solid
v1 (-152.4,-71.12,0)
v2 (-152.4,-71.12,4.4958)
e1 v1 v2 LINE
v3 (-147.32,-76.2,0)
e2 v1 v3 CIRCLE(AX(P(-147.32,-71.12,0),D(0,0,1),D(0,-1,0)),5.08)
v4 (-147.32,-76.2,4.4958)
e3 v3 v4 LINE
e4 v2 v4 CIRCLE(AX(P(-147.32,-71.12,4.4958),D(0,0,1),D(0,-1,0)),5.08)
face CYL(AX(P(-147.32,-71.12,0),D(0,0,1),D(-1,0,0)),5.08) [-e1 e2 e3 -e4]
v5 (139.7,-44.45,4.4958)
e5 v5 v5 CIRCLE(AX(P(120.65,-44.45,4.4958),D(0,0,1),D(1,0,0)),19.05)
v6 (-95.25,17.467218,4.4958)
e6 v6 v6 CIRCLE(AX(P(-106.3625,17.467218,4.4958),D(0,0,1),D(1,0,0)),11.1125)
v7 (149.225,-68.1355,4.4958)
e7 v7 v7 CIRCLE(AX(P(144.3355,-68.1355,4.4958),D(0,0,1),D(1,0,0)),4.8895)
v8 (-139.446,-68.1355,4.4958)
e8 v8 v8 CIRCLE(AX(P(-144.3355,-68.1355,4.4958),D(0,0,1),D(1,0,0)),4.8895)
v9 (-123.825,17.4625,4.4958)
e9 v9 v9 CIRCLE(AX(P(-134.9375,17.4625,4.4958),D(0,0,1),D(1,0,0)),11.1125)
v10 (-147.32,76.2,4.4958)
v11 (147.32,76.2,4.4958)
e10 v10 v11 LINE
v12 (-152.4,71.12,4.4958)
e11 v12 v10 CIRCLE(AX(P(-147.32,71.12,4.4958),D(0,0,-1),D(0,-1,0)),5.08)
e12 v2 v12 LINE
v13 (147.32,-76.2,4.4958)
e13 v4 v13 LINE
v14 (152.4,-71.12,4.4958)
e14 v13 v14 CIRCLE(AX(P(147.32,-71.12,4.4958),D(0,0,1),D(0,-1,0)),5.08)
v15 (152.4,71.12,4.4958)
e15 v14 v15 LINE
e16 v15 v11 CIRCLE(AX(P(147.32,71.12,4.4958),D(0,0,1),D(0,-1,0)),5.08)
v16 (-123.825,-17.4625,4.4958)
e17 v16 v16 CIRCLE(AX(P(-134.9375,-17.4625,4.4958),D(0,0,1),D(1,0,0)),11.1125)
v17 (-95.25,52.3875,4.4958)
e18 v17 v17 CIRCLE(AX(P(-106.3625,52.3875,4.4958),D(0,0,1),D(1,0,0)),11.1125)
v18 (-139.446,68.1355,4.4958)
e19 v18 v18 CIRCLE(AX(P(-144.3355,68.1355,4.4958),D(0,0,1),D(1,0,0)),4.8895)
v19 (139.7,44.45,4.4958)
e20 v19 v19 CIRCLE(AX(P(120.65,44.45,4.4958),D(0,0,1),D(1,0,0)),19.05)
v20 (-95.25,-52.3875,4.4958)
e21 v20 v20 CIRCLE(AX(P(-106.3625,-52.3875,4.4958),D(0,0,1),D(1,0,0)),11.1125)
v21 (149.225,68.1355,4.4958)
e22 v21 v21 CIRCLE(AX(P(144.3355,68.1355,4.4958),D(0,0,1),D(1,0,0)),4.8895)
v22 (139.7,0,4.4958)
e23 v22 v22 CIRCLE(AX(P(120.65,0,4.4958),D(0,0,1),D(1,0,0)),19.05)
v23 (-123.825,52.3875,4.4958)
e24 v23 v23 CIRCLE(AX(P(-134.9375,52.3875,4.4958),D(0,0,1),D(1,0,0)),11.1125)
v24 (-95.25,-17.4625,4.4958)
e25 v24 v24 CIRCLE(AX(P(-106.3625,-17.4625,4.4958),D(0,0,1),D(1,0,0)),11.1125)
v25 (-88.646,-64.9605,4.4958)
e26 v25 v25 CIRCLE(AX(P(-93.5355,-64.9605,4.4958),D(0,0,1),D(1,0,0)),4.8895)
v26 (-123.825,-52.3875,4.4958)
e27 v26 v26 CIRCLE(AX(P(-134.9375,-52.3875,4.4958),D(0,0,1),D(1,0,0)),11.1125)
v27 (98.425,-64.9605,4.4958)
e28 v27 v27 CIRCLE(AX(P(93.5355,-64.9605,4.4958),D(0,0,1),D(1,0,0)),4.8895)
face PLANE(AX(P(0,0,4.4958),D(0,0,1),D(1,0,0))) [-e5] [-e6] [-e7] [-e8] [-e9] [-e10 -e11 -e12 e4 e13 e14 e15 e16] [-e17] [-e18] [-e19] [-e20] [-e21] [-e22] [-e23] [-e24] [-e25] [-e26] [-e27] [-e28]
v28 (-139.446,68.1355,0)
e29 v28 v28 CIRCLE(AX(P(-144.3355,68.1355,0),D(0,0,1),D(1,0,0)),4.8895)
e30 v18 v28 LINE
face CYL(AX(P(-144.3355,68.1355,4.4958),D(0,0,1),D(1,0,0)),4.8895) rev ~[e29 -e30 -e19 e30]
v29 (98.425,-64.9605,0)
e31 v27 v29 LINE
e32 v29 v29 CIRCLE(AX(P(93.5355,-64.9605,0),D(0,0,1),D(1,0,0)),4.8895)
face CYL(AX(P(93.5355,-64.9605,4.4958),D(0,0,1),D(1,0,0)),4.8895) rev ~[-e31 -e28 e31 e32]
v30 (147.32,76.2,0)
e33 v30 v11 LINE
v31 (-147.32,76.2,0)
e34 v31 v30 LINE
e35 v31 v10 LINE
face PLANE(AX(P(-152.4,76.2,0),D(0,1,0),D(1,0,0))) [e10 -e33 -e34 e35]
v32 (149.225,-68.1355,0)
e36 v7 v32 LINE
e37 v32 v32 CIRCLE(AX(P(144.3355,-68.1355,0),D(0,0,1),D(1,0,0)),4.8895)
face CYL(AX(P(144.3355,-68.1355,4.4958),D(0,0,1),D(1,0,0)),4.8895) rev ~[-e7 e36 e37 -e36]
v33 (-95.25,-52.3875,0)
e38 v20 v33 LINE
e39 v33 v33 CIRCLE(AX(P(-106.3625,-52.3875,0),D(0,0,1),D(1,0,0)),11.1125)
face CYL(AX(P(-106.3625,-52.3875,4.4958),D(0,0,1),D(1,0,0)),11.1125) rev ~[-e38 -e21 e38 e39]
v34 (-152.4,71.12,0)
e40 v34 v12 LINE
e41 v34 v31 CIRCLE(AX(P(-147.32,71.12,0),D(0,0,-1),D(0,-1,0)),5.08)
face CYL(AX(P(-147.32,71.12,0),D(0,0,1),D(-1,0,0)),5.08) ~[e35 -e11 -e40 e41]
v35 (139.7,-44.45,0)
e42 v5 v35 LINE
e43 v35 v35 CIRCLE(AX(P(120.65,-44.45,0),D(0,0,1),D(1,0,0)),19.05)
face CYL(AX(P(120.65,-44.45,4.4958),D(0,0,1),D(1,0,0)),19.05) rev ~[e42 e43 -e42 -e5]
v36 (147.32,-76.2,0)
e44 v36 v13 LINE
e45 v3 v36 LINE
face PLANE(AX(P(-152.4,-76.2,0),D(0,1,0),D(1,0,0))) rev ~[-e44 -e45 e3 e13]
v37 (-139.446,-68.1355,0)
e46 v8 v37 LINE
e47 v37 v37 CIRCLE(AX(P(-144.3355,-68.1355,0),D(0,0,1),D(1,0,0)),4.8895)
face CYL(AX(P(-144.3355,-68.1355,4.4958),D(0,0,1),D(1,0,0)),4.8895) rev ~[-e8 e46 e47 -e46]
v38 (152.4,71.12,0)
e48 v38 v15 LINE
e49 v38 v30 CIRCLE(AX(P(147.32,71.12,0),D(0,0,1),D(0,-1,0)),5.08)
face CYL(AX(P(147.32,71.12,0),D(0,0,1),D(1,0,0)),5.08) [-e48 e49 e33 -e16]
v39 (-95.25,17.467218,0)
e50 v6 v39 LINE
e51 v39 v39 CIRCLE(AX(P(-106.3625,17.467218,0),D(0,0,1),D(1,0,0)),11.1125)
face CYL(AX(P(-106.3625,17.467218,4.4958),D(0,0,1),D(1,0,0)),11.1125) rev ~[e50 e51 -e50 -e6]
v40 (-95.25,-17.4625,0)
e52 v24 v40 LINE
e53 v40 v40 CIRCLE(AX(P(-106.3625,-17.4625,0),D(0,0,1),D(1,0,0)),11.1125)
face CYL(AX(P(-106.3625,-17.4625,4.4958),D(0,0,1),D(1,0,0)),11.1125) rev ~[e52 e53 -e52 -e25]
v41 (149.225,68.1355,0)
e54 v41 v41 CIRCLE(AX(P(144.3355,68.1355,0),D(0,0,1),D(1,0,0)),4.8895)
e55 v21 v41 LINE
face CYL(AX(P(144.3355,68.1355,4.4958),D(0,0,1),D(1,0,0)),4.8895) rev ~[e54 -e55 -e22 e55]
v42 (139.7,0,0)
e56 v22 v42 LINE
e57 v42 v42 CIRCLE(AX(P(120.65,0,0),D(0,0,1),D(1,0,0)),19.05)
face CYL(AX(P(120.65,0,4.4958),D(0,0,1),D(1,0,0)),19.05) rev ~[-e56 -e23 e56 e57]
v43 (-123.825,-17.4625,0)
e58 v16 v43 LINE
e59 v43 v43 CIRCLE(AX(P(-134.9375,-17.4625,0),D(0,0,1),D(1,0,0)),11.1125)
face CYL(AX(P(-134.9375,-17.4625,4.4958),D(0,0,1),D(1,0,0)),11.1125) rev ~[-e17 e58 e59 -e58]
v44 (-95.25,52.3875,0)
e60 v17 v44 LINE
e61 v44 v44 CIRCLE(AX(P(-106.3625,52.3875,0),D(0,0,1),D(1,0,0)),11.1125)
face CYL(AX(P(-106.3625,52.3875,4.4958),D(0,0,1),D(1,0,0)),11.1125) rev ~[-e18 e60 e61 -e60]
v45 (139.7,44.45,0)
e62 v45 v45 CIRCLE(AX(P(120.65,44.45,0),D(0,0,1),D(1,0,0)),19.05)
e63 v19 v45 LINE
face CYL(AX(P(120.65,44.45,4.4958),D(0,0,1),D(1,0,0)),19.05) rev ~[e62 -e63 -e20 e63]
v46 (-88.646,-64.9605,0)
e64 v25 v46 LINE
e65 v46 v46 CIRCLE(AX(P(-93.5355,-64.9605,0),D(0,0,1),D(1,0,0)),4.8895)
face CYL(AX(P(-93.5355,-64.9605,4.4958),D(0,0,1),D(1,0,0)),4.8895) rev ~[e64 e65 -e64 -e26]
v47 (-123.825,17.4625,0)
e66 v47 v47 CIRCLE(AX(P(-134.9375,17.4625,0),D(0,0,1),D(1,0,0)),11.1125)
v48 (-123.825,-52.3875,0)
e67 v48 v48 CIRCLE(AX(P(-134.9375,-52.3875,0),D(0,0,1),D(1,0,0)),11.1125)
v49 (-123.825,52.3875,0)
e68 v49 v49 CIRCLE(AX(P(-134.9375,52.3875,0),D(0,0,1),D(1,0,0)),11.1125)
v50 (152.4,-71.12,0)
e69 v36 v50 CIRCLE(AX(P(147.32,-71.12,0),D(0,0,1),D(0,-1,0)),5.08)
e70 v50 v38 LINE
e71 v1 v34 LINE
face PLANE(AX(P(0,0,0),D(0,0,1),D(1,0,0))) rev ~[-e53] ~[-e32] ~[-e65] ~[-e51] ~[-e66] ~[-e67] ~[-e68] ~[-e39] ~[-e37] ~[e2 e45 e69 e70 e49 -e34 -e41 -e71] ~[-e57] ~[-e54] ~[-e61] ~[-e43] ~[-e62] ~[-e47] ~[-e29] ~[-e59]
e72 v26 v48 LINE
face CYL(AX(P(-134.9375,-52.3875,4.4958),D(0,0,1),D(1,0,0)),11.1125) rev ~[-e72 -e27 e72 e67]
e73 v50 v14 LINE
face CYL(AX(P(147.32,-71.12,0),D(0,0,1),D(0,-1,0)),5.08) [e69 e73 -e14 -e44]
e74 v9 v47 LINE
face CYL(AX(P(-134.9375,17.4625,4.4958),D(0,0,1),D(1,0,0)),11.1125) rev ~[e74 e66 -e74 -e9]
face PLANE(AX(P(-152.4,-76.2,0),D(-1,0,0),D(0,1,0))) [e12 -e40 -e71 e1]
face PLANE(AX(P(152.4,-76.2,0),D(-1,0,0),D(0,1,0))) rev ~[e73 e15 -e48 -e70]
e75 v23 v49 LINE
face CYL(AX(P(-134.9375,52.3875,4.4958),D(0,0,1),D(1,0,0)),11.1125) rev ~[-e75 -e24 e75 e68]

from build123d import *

# Parameters (mm, degrees)
F0_W      = 304.8
F0_H      = 152.4
F1_DEPTH  = 4.4958
F2_R      = 5.08
F3_R      = 4.8895
F4_DEPTH  = 4.4968
F5_R      = 11.1125
F6_DEPTH  = 4.4968
F7_R      = 19.05
F8_DEPTH  = 4.4968
F9_R      = 4.8895
F10_DEPTH = 4.4968


with BuildPart() as f1:
    # F0 (on Top) → F1 (new body)
    with BuildSketch(Plane.XY):
        Rectangle(F0_W, F0_H)
    extrude(amount=F1_DEPTH)

    # F2
    f2_edges = [f1.edges().sort_by_distance(p)[0] for p in [
        (-152.4, 76.2, 2.2479),
        (-152.4, -76.2, 2.2479),
        (152.4, -76.2, 2.2479),
        (152.4, 76.2, 2.2479),
    ]]
    fillet(f2_edges, radius=F2_R)

    # F3 (on face) → F4 (cut, through all)
    with BuildSketch(Plane.XY.offset(4.4958)):
        with Locations((-144.3355, 68.1355)):
            Circle(F3_R)
        with Locations((-144.3355, -68.1355)):
            Circle(F3_R)
        with Locations((144.3355, -68.1355)):
            Circle(F3_R)
        with Locations((144.3355, 68.1355)):
            Circle(F3_R)
    extrude(amount=-F4_DEPTH, mode=Mode.SUBTRACT)

    # F5 (on face) → F6 (cut, through all)
    with BuildSketch(Plane.XY.offset(4.4958)):
        with Locations((-106.3625, 52.3875)):
            Circle(F5_R)
        with Locations((-134.9375, 52.3875)):
            Circle(F5_R)
        with Locations((-134.9375, 17.4625)):
            Circle(F5_R)
        with Locations((-106.3625, 17.467218)):
            Circle(F5_R)
        with Locations((-134.9375, -17.4625)):
            Circle(F5_R)
        with Locations((-106.3625, -17.4625)):
            Circle(F5_R)
        with Locations((-134.9375, -52.3875)):
            Circle(F5_R)
        with Locations((-106.3625, -52.3875)):
            Circle(F5_R)
    extrude(amount=-F6_DEPTH, mode=Mode.SUBTRACT)

    # F7 (on face) → F8 (cut, through all)
    with BuildSketch(Plane.XY.offset(4.4958)):
        with Locations((120.65, 44.45)):
            Circle(F7_R)
        with Locations((120.65, 0)):
            Circle(F7_R)
        with Locations((120.65, -44.45)):
            Circle(F7_R)
    extrude(amount=-F8_DEPTH, mode=Mode.SUBTRACT)

    # F9 (on face) → F10 (cut, through all)
    with BuildSketch(Plane.XY.offset(4.4958)):
        with Locations((-93.5355, -64.9605)):
            Circle(F9_R)
        with Locations((93.5355, -64.9605)):
            Circle(F9_R)
    extrude(amount=-F10_DEPTH, mode=Mode.SUBTRACT)


solid = f1.part
